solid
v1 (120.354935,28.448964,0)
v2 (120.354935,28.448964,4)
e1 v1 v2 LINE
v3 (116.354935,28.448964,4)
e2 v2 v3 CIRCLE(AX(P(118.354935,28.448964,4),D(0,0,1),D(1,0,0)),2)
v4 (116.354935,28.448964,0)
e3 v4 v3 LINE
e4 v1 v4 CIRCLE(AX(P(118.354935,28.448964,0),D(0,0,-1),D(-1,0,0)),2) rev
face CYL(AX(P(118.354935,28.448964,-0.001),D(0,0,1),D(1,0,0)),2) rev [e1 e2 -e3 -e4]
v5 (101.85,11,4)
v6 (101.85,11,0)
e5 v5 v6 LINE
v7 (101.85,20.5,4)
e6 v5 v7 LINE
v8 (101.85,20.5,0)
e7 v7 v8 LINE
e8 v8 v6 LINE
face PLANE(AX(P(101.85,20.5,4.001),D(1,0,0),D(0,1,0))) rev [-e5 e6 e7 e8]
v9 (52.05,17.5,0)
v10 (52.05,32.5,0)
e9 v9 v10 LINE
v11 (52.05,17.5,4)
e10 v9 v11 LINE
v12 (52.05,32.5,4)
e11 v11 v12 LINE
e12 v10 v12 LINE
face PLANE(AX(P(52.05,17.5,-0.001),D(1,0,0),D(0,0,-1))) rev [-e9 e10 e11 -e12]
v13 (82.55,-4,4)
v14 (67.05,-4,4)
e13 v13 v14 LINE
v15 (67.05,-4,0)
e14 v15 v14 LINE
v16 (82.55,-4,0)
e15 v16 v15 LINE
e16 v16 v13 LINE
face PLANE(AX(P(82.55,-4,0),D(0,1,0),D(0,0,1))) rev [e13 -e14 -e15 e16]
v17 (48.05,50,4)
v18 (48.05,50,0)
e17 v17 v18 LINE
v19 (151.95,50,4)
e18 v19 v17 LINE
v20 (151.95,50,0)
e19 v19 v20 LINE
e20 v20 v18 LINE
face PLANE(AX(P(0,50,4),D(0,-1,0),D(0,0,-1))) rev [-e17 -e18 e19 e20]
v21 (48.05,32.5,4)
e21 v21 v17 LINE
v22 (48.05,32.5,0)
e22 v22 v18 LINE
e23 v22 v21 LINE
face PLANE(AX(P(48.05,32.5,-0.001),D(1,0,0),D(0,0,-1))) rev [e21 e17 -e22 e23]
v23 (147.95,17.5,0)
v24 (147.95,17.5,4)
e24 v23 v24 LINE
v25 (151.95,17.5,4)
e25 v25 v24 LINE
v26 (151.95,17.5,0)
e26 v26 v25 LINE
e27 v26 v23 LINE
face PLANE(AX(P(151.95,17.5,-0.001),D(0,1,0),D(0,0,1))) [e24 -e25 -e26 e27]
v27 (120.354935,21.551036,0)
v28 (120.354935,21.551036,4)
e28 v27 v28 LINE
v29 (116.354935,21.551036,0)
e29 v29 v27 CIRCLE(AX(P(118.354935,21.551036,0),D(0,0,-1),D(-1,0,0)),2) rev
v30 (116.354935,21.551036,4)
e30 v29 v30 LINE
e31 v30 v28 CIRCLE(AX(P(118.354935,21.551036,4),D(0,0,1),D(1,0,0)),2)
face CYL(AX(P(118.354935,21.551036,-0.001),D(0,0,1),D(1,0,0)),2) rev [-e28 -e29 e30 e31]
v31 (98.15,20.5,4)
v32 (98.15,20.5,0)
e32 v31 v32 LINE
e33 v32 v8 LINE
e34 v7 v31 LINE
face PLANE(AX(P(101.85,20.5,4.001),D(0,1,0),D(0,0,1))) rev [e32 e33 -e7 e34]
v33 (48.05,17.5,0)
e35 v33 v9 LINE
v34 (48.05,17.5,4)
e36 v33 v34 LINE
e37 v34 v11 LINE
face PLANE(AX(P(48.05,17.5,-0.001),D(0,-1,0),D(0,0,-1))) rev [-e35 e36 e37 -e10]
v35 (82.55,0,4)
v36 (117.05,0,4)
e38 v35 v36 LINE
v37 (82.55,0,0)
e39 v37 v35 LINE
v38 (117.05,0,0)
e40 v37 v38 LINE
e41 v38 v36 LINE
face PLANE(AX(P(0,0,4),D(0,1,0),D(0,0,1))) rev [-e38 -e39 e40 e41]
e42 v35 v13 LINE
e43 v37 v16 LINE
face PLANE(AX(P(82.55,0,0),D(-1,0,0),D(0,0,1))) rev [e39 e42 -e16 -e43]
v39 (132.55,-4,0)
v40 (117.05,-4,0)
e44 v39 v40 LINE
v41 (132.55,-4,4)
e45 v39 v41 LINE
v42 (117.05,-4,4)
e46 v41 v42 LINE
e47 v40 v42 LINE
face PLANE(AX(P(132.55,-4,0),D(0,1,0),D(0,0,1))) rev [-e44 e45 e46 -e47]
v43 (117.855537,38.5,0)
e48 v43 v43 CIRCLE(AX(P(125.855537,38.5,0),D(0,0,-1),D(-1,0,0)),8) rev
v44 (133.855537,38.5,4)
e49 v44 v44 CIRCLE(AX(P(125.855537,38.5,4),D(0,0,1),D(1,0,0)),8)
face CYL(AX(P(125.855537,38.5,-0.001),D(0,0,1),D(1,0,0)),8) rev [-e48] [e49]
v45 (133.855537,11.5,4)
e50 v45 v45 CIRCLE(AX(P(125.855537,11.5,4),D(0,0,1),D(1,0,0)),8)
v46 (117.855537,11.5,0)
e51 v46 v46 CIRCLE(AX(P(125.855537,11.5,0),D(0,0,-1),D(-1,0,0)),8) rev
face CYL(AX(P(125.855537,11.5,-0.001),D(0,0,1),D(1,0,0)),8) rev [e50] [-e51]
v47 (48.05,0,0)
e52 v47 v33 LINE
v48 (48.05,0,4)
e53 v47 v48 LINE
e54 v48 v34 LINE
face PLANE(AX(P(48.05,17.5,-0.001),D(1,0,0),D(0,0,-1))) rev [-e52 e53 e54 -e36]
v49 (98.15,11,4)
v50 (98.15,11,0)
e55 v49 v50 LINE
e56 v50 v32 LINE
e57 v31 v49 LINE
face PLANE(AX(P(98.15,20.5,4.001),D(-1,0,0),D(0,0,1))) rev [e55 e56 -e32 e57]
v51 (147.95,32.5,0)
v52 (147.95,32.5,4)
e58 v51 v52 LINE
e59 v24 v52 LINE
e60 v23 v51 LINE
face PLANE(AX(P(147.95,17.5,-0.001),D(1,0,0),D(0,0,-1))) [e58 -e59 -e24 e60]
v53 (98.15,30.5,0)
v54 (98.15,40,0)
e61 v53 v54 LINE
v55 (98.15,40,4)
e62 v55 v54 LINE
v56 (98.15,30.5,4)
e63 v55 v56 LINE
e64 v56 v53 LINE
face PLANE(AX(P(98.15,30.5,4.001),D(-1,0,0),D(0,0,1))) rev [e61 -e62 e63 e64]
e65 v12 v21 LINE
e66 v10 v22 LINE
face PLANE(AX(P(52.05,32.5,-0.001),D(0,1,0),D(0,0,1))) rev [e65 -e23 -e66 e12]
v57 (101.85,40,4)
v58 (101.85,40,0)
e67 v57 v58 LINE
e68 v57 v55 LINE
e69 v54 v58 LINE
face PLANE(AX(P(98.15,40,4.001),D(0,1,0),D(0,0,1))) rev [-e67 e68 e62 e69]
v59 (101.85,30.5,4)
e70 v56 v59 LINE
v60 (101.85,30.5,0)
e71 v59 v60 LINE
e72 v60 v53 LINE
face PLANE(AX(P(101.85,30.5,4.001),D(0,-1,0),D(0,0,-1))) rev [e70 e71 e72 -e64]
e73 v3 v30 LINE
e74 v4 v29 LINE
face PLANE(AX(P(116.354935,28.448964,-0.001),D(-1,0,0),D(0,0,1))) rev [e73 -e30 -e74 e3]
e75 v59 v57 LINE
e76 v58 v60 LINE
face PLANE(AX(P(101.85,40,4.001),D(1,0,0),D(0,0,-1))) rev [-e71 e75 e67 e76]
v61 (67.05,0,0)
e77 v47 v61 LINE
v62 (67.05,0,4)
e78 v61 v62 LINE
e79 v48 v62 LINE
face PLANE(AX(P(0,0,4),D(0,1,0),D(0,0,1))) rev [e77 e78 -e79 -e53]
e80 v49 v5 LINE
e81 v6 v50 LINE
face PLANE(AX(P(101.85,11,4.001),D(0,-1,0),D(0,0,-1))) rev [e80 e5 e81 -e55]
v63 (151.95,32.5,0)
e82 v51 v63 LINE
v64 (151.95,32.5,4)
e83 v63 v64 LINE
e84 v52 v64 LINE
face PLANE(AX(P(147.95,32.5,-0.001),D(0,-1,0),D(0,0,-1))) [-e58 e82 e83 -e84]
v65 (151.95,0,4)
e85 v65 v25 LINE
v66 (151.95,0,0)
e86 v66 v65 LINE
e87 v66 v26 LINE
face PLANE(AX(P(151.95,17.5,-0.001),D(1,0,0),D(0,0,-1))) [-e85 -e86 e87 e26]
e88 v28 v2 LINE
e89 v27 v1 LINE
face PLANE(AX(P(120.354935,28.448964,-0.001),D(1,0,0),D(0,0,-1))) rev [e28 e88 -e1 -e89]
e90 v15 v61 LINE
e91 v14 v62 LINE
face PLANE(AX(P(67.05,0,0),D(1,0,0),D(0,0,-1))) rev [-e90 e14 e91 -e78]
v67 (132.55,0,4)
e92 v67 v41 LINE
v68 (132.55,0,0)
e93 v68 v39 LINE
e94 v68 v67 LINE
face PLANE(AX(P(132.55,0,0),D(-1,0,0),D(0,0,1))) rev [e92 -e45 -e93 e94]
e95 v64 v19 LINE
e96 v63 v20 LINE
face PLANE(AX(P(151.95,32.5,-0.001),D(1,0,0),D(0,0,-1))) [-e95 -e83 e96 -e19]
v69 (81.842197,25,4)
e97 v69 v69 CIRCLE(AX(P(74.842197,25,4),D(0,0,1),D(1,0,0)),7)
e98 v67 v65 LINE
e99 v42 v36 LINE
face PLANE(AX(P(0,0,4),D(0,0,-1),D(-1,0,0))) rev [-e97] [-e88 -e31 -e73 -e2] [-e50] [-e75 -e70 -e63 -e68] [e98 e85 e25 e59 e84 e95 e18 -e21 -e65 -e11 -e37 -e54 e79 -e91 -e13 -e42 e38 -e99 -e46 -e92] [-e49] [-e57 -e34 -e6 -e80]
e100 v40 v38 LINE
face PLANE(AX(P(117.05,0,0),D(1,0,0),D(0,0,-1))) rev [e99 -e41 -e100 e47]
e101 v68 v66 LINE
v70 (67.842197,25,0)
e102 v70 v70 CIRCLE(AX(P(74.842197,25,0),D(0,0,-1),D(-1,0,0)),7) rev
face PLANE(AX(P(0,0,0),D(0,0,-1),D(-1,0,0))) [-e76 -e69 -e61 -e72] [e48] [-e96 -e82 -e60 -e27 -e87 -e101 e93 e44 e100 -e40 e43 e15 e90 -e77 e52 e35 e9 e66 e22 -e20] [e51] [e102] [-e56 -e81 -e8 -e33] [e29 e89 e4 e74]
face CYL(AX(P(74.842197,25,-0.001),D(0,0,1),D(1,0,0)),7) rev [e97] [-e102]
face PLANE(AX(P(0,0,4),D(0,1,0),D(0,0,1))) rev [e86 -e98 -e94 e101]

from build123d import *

# Parameters (mm, degrees)
SKIZZE1_W                       = 200
SKIZZE1_H                       = 50
AUFSATZ_LINEAR_AUSTRAGEN1_DEPTH = 4
SKIZZE2_W                       = 15.5
SKIZZE2_H                       = 4
AUFSATZ_LINEAR_AUSTRAGEN2_DEPTH = 4
SCHNITT_LINEAR_AUSTRAGEN1_REACH = 6
SKIZZE4_W                       = 4
SKIZZE4_H                       = 15
SCHNITT_LINEAR_AUSTRAGEN2_REACH = 6
SKIZZE5_W                       = 3.7
SKIZZE5_H                       = 9.5
SCHNITT_LINEAR_AUSTRAGEN3_DEPTH = 4
SCHNITT_LINEAR_AUSTRAGEN4_REACH = 6
SKIZZE7_R                       = 8
SKIZZE7_R_2                     = 7


with BuildPart() as part:
    # Skizze1 → Aufsatz-Linear austragen1 (new body)
    with BuildSketch(Plane.XY):
        with Locations((100, 25)):
            Rectangle(SKIZZE1_W, SKIZZE1_H)
    extrude(amount=AUFSATZ_LINEAR_AUSTRAGEN1_DEPTH)

    # Skizze2 → Aufsatz-Linear austragen2 (add)
    with BuildSketch(Plane(origin=(0, 0, 4), x_dir=(-1, 0, 0), z_dir=(0, 0, -1))):
        with Locations((-174.8, -2)):
            Rectangle(SKIZZE2_W, SKIZZE2_H)
        with Locations((-124.8, -2)):
            Rectangle(SKIZZE2_W, SKIZZE2_H)
        with Locations((-74.8, -2)):
            Rectangle(SKIZZE2_W, SKIZZE2_H)
        with Locations((-24.8, -2)):
            Rectangle(SKIZZE2_W, SKIZZE2_H)
    extrude(amount=AUFSATZ_LINEAR_AUSTRAGEN2_DEPTH)

    # Skizze4 → Schnitt-Linear austragen1 (cut, up to next)
    with BuildSketch(Plane.XY.offset(4), mode=Mode.PRIVATE) as schnitt_linear_austragen1_sk1:
        with Locations((2, 25)):
            Rectangle(SKIZZE4_W, SKIZZE4_H)
    schnitt_linear_austragen1_tool1 = extrude(schnitt_linear_austragen1_sk1.sketch, amount=-SCHNITT_LINEAR_AUSTRAGEN1_REACH, mode=Mode.PRIVATE) & part.part
    add(schnitt_linear_austragen1_tool1.solids().sort_by_distance((2, 25, 4))[0], mode=Mode.SUBTRACT)
    # Skizze4 → Schnitt-Linear austragen1 (cut, up to next)
    with BuildSketch(Plane.XY.offset(4), mode=Mode.PRIVATE) as schnitt_linear_austragen1_sk2:
        with Locations((198, 25)):
            Rectangle(SKIZZE4_W, SKIZZE4_H)
    schnitt_linear_austragen1_tool2 = extrude(schnitt_linear_austragen1_sk2.sketch, amount=-SCHNITT_LINEAR_AUSTRAGEN1_REACH, mode=Mode.PRIVATE) & part.part
    add(schnitt_linear_austragen1_tool2.solids().sort_by_distance((198, 25, 4))[0], mode=Mode.SUBTRACT)

    # Skizze5 → Schnitt-Linear austragen2 (cut, up to next)
    with BuildSketch(Plane(origin=(0, 0, 0), x_dir=(-1, 0, 0), z_dir=(0, 0, -1)), mode=Mode.PRIVATE) as schnitt_linear_austragen2_sk1:
        with Locations((-100, 35.25)):
            Rectangle(SKIZZE5_W, SKIZZE5_H)
    schnitt_linear_austragen2_tool1 = extrude(schnitt_linear_austragen2_sk1.sketch, amount=-SCHNITT_LINEAR_AUSTRAGEN2_REACH, mode=Mode.PRIVATE) & part.part
    add(schnitt_linear_austragen2_tool1.solids().sort_by_distance((100, 35.25, 0))[0], mode=Mode.SUBTRACT)
    # Skizze5 → Schnitt-Linear austragen2 (cut, up to next)
    with BuildSketch(Plane(origin=(0, 0, 0), x_dir=(-1, 0, 0), z_dir=(0, 0, -1)), mode=Mode.PRIVATE) as schnitt_linear_austragen2_sk2:
        with Locations((-100, 15.75)):
            Rectangle(SKIZZE5_W, SKIZZE5_H)
    schnitt_linear_austragen2_tool2 = extrude(schnitt_linear_austragen2_sk2.sketch, amount=-SCHNITT_LINEAR_AUSTRAGEN2_REACH, mode=Mode.PRIVATE) & part.part
    add(schnitt_linear_austragen2_tool2.solids().sort_by_distance((100, 15.75, 0))[0], mode=Mode.SUBTRACT)

    # Skizze6 → Schnitt-Linear austragen3 (cut)
    with BuildSketch(Plane.XY.offset(4)):
        Polygon((52.05, 32.5), (48.05, 32.5), (48.05, 66.141635161), (-25.301318738, 66.141635161), (-25.301318738, -17.071359215), (48.05, -17.071359215), (48.05, 17.5), (52.05, 17.5), align=None)
    schnitt_linear_austragen3 = extrude(amount=-SCHNITT_LINEAR_AUSTRAGEN3_DEPTH, mode=Mode.SUBTRACT)

    # Spiegeln1: Schnitt-Linear austragen3 across plane
    add(schnitt_linear_austragen3.mirror(Plane.ZY.offset(-100)), mode=Mode.SUBTRACT)

    # Skizze7 → Schnitt-Linear austragen4 (cut, up to next)
    with BuildSketch(Plane.XY.offset(4), mode=Mode.PRIVATE) as schnitt_linear_austragen4_sk1:
        with Locations((125.855537029, 11.5)):
            Circle(SKIZZE7_R)
    schnitt_linear_austragen4_tool1 = extrude(schnitt_linear_austragen4_sk1.sketch, amount=-SCHNITT_LINEAR_AUSTRAGEN4_REACH, mode=Mode.PRIVATE) & part.part
    add(schnitt_linear_austragen4_tool1.solids().sort_by_distance((125.855537, 11.5, 4))[0], mode=Mode.SUBTRACT)
    # Skizze7 → Schnitt-Linear austragen4 (cut, up to next)
    with BuildSketch(Plane.XY.offset(4), mode=Mode.PRIVATE) as schnitt_linear_austragen4_sk2:
        with Locations((125.855537029, 38.5)):
            Circle(SKIZZE7_R)
    schnitt_linear_austragen4_tool2 = extrude(schnitt_linear_austragen4_sk2.sketch, amount=-SCHNITT_LINEAR_AUSTRAGEN4_REACH, mode=Mode.PRIVATE) & part.part
    add(schnitt_linear_austragen4_tool2.solids().sort_by_distance((125.855537, 38.5, 4))[0], mode=Mode.SUBTRACT)
    # Skizze7 → Schnitt-Linear austragen4 (cut, up to next)
    with BuildSketch(Plane.XY.offset(4), mode=Mode.PRIVATE) as schnitt_linear_austragen4_sk3:
        with Locations((74.842197302, 25)):
            Circle(SKIZZE7_R_2)
    schnitt_linear_austragen4_tool3 = extrude(schnitt_linear_austragen4_sk3.sketch, amount=-SCHNITT_LINEAR_AUSTRAGEN4_REACH, mode=Mode.PRIVATE) & part.part
    add(schnitt_linear_austragen4_tool3.solids().sort_by_distance((74.842197, 25, 4))[0], mode=Mode.SUBTRACT)
    # Skizze7 → Schnitt-Linear austragen4 (cut, up to next)
    with BuildSketch(Plane.XY.offset(4), mode=Mode.PRIVATE) as schnitt_linear_austragen4_sk4:
        with BuildLine():
            Line((120.354935265, 28.448963973), (120.354935265, 21.551036027))
            ThreePointArc((120.354935265, 21.551036027), (118.354935265, 19.551036027), (116.354935265, 21.551036027))
            Line((116.354935265, 21.551036027), (116.354935265, 28.448963973))
            ThreePointArc((116.354935265, 28.448963973), (118.354935265, 30.448963973), (120.354935265, 28.448963973))
        make_face()
    schnitt_linear_austragen4_tool4 = extrude(schnitt_linear_austragen4_sk4.sketch, amount=-SCHNITT_LINEAR_AUSTRAGEN4_REACH, mode=Mode.PRIVATE) & part.part
    add(schnitt_linear_austragen4_tool4.solids().sort_by_distance((118.354935, 25, 4))[0], mode=Mode.SUBTRACT)


solid = part.part
